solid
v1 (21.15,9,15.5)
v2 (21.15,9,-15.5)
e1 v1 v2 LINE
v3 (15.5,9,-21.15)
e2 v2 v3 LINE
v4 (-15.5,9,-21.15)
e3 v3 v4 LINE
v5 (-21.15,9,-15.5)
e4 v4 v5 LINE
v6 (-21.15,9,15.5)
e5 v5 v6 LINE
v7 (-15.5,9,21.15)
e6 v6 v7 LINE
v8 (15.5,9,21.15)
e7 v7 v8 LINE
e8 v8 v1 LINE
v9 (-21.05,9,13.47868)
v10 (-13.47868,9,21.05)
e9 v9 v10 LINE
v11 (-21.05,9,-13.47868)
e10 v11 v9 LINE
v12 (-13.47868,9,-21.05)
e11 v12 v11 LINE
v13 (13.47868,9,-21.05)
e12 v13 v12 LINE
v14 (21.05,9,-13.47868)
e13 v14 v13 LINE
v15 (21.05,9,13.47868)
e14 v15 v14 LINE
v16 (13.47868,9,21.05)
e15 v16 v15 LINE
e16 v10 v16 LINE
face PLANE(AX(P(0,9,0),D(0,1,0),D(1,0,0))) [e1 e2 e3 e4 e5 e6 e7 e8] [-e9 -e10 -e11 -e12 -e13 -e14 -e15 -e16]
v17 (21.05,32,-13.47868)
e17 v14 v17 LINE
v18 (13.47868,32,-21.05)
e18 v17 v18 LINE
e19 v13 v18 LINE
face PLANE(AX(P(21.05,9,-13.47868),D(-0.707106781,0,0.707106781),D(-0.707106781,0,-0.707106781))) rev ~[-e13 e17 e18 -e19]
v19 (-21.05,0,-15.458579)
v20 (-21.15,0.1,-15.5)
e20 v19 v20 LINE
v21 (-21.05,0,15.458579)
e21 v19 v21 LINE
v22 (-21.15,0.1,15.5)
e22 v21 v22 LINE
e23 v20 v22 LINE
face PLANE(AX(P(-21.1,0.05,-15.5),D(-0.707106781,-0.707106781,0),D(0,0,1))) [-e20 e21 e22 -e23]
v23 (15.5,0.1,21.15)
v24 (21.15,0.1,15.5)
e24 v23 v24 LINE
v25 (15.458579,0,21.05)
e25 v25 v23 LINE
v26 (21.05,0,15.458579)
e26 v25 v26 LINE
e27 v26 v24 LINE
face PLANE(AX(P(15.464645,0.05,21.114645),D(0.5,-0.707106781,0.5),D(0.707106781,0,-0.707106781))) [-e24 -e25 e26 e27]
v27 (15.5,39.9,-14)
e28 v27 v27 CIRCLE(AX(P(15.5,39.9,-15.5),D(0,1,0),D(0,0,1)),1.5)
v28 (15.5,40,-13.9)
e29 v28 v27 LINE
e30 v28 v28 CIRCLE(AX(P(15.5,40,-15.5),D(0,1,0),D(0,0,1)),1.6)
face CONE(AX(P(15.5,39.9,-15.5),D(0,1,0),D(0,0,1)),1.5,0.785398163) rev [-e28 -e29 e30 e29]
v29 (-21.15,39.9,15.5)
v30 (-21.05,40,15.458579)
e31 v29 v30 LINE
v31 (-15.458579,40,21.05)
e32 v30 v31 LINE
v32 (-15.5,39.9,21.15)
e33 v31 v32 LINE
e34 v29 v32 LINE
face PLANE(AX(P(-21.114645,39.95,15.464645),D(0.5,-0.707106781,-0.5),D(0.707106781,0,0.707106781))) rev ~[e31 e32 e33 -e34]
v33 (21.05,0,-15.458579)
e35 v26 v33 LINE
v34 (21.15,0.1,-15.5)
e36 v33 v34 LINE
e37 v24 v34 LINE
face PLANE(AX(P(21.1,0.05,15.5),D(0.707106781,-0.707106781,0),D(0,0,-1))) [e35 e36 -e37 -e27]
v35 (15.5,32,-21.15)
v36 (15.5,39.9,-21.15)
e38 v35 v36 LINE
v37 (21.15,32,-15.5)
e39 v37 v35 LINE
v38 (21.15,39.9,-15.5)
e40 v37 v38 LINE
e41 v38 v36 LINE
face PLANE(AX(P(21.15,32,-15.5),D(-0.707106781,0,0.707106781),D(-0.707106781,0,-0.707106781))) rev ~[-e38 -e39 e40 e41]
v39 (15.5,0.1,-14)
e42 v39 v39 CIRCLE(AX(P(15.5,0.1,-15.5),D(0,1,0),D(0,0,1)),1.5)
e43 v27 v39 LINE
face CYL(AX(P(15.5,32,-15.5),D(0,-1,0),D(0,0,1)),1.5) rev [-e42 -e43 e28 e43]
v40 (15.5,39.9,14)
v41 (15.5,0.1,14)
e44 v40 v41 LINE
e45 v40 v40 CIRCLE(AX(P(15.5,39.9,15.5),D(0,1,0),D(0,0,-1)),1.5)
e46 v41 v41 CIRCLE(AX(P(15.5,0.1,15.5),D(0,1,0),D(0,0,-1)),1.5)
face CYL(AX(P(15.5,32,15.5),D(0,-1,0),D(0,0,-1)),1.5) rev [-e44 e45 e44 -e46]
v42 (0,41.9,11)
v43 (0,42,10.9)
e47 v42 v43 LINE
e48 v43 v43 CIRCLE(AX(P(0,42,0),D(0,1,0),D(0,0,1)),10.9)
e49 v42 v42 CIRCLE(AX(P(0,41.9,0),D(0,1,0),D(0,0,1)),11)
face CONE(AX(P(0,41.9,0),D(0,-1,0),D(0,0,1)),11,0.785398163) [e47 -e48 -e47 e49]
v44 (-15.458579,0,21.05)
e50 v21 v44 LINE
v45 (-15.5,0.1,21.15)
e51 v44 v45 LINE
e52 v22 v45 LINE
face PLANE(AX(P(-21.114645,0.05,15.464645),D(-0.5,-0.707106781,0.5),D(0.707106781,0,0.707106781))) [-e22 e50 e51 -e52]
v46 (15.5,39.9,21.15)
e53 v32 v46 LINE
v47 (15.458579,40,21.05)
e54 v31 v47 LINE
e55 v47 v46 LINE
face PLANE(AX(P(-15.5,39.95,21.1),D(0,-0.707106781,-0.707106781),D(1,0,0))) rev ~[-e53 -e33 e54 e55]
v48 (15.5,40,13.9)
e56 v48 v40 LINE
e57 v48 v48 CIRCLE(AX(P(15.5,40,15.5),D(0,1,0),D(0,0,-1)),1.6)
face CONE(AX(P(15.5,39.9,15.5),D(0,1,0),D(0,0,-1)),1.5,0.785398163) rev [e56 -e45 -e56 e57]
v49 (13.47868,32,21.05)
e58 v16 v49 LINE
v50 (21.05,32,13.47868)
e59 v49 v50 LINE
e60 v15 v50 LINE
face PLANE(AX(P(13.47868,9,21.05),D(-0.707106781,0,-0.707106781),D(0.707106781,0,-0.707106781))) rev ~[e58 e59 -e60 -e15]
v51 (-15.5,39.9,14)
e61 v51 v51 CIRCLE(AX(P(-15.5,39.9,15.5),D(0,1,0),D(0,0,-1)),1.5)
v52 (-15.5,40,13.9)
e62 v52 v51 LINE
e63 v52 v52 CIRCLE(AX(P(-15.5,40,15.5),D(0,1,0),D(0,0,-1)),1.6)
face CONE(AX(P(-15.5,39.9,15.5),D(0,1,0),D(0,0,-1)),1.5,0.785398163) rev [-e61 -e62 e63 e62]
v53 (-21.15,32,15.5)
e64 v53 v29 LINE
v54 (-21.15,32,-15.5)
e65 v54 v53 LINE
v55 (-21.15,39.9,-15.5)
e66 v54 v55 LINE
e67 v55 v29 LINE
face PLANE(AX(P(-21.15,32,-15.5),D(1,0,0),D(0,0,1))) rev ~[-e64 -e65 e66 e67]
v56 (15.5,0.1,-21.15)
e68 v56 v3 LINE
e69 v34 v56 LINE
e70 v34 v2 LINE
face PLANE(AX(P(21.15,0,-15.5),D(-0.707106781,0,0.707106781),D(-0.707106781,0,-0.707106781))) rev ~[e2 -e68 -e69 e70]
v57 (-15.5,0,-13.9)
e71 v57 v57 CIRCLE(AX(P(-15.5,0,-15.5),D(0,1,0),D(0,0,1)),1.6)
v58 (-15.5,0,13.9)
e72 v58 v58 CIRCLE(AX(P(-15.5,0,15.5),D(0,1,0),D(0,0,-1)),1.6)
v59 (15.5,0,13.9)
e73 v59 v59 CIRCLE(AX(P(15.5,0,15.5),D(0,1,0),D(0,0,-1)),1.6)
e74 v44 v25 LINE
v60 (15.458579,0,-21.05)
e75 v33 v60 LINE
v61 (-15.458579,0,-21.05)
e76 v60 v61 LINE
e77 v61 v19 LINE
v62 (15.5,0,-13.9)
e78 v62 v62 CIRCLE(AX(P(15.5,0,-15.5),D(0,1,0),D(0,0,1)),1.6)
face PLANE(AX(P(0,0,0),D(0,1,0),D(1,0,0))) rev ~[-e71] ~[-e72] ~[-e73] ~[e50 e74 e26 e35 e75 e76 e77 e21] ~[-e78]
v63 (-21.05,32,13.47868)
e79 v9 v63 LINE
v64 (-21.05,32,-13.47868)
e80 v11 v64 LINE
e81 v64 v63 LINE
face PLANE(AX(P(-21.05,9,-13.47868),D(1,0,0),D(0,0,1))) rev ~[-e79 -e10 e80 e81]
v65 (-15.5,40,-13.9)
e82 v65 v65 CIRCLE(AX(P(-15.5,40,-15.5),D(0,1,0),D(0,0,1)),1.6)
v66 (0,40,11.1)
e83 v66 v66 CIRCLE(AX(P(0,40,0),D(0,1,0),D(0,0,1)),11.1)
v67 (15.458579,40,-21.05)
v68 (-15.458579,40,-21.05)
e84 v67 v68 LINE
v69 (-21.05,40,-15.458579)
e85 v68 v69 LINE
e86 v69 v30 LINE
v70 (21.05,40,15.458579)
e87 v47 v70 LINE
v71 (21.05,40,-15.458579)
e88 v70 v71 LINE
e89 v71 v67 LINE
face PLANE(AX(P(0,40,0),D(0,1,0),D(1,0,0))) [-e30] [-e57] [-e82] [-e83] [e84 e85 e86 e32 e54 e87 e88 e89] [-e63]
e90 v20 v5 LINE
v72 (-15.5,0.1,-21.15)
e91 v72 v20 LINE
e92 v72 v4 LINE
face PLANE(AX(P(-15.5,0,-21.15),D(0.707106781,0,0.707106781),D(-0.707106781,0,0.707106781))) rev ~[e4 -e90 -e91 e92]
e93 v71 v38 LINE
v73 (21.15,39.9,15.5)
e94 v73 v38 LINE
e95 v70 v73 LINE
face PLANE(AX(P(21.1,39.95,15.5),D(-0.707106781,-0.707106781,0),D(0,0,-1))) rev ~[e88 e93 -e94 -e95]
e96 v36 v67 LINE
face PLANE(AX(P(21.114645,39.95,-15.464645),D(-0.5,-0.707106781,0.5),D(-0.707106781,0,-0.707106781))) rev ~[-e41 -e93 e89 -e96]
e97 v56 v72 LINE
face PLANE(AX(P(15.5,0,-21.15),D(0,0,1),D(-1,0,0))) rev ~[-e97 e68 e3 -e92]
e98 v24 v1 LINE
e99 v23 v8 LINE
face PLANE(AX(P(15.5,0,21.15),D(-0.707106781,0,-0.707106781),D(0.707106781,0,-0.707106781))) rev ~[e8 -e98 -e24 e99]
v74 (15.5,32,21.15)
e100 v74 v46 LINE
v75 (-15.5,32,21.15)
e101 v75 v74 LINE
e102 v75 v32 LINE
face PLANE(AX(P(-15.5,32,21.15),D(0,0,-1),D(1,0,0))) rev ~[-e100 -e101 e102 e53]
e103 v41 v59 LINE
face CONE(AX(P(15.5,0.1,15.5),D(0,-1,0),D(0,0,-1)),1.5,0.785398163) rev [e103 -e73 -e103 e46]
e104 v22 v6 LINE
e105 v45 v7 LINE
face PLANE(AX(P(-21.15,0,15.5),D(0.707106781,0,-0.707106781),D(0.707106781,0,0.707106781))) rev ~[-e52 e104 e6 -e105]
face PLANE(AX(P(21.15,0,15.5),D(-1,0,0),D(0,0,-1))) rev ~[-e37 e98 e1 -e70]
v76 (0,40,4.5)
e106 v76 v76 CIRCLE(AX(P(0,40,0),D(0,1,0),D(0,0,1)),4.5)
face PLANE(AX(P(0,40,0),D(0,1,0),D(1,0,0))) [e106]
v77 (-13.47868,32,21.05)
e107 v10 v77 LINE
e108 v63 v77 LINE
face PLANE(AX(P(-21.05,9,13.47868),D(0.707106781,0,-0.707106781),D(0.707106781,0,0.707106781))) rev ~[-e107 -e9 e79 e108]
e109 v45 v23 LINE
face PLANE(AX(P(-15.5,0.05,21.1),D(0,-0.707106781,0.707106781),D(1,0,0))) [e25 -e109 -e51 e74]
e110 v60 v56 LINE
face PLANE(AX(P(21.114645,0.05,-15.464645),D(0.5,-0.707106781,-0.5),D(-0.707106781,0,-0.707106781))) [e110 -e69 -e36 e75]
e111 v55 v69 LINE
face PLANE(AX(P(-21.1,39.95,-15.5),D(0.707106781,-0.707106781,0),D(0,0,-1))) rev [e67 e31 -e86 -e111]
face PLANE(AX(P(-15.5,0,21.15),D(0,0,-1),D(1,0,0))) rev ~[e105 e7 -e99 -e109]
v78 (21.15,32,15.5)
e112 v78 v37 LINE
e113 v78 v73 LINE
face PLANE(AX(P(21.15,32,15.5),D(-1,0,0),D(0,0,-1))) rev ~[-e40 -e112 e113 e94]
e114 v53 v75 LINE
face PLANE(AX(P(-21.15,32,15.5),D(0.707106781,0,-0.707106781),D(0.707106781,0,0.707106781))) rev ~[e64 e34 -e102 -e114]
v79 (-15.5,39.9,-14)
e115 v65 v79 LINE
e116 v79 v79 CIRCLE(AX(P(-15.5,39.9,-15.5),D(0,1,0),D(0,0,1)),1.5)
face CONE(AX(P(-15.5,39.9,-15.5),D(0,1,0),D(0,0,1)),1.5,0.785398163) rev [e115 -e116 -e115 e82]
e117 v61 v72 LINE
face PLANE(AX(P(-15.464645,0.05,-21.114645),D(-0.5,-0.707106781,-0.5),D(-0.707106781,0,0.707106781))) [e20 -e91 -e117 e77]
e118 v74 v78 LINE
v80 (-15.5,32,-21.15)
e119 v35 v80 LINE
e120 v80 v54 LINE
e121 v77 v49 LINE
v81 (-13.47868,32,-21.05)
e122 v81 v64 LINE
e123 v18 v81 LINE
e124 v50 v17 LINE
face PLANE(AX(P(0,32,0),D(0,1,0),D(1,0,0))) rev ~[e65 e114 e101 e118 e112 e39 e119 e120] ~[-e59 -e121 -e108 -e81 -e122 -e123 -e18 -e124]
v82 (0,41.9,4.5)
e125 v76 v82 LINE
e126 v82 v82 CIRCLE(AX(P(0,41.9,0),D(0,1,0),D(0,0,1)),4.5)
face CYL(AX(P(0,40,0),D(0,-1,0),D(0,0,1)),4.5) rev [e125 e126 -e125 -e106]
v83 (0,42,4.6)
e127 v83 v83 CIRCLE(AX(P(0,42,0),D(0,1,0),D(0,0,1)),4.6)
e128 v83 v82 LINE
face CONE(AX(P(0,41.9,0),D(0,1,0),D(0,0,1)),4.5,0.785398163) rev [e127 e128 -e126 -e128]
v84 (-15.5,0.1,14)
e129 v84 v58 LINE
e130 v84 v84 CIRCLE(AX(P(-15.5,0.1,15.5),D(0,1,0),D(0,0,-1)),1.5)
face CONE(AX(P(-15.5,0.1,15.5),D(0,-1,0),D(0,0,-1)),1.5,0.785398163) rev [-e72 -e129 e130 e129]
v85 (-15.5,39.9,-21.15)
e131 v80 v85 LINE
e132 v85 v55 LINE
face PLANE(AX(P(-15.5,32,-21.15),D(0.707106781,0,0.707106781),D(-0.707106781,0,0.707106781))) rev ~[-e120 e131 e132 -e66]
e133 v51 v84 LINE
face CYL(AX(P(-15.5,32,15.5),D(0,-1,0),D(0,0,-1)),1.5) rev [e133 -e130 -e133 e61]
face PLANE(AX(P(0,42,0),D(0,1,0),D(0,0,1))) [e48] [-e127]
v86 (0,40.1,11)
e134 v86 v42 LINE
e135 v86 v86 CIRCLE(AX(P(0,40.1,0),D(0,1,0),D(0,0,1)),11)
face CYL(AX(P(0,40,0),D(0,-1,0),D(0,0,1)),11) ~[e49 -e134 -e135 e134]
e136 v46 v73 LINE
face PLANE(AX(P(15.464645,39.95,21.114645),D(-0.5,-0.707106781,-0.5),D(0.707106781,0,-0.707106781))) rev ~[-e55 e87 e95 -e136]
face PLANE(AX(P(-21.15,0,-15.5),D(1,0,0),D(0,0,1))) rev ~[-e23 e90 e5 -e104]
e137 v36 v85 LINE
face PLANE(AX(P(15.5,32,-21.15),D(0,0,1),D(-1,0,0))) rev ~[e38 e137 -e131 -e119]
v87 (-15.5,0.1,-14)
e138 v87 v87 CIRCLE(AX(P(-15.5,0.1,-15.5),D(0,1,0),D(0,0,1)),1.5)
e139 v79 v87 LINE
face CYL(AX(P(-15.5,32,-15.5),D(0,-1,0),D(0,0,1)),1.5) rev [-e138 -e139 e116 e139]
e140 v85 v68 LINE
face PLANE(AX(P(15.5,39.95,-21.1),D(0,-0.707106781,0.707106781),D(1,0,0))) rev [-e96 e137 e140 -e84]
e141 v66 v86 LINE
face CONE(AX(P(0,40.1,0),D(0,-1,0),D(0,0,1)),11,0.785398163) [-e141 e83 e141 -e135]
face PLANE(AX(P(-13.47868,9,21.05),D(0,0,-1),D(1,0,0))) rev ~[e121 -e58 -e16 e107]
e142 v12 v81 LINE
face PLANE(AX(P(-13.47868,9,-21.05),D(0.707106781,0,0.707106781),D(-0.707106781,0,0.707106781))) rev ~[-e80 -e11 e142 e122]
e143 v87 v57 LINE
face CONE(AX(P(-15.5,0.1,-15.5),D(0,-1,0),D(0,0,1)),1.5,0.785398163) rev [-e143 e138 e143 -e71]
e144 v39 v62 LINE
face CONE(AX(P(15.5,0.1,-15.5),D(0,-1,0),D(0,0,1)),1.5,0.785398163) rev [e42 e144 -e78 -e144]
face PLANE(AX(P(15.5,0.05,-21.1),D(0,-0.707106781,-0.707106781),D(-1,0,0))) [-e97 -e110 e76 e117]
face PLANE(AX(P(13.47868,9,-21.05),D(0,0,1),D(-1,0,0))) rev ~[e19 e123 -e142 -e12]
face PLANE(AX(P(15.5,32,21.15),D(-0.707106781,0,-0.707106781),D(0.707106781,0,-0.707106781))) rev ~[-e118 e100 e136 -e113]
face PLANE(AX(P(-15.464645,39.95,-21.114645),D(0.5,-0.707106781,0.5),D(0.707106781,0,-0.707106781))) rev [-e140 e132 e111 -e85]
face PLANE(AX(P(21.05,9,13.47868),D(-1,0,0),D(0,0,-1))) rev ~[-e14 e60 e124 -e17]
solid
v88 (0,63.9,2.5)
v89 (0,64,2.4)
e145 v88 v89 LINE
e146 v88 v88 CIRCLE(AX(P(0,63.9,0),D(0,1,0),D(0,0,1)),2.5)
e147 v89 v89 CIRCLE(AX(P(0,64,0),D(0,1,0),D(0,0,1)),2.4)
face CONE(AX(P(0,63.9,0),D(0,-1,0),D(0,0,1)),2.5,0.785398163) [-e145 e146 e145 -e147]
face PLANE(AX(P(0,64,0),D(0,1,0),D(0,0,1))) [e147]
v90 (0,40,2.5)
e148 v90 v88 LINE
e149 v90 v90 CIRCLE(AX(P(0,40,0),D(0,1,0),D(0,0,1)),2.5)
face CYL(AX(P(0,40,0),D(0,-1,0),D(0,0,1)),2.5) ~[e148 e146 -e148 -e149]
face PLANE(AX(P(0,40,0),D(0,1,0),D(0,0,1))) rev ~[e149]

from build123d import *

# Parameters (mm, degrees)
SKETCH1_R           = 1.5
BOSS_EXTRUDE1_DEPTH = 9
SKETCH4_R           = 1.5
BOSS_EXTRUDE4_DEPTH = 23
SKETCH5_R           = 1.5
BOSS_EXTRUDE6_DEPTH = 8
SKETCH2_R           = 11
SKETCH2_R_2         = 4.5
BOSS_EXTRUDE2_DEPTH = 2
SKETCH3_R           = 2.5
BOSS_EXTRUDE3_DEPTH = 24
CHAMFER1_SIZE       = 0.1
CHAMFER2_SIZE       = 0.1


with BuildPart() as part:
    # Sketch1 → Boss-Extrude1 (new body)
    with BuildSketch(Plane(origin=(0, 0, 0), x_dir=(1, 0, 0), z_dir=(0, 1, 0))):
        Polygon((-15.5, -21.15), (15.5, -21.15), (21.15, -15.5), (21.15, 15.5), (15.5, 21.15), (-15.5, 21.15), (-21.15, 15.5), (-21.15, -15.5), align=None)
        with Locations(Location((-15.5, 15.5, 0), (0, 0, 270))):
            Circle(SKETCH1_R, mode=Mode.SUBTRACT)
        with Locations(Location((15.5, -15.5, 0), (0, 0, 90))):
            Circle(SKETCH1_R, mode=Mode.SUBTRACT)
        with Locations(Location((15.5, 15.5, 0), (0, 0, 270))):
            Circle(SKETCH1_R, mode=Mode.SUBTRACT)
        with Locations(Location((-15.5, -15.5, 0), (0, 0, 90))):
            Circle(SKETCH1_R, mode=Mode.SUBTRACT)
    extrude(amount=BOSS_EXTRUDE1_DEPTH)

    # Sketch4 → Boss-Extrude4 (add)
    with BuildSketch(Plane(origin=(0, 9, 0), x_dir=(1, 0, 0), z_dir=(0, 1, 0))):
        Polygon((13.478679656, 21.05), (-13.478679656, 21.05), (-21.05, 13.478679656), (-21.05, -13.478679656), (-13.478679656, -21.05), (13.478679656, -21.05), (21.05, -13.478679656), (21.05, 13.478679656), align=None)
        with Locations(Location((-15.5, 15.5, 0), (0, 0, 270))):
            Circle(SKETCH4_R, mode=Mode.SUBTRACT)
        with Locations(Location((15.5, 15.5, 0), (0, 0, 270))):
            Circle(SKETCH4_R, mode=Mode.SUBTRACT)
        with Locations(Location((15.5, -15.5, 0), (0, 0, 90))):
            Circle(SKETCH4_R, mode=Mode.SUBTRACT)
        with Locations(Location((-15.5, -15.5, 0), (0, 0, 90))):
            Circle(SKETCH4_R, mode=Mode.SUBTRACT)
    extrude(amount=BOSS_EXTRUDE4_DEPTH)

    # Sketch5 → Boss-Extrude6 (add)
    with BuildSketch(Plane(origin=(0, 32, 0), x_dir=(1, 0, 0), z_dir=(0, 1, 0))):
        Polygon((-15.5, 21.15), (-21.15, 15.5), (-21.15, -15.5), (-15.5, -21.15), (15.5, -21.15), (21.15, -15.5), (21.15, 15.5), (15.5, 21.15), align=None)
        with Locations(Location((15.5, 15.5, 0), (0, 0, 270))):
            Circle(SKETCH5_R, mode=Mode.SUBTRACT)
        with Locations(Location((-15.5, 15.5, 0), (0, 0, 270))):
            Circle(SKETCH5_R, mode=Mode.SUBTRACT)
        with Locations(Location((-15.5, -15.5, 0), (0, 0, 90))):
            Circle(SKETCH5_R, mode=Mode.SUBTRACT)
        with Locations(Location((15.5, -15.5, 0), (0, 0, 90))):
            Circle(SKETCH5_R, mode=Mode.SUBTRACT)
    extrude(amount=BOSS_EXTRUDE6_DEPTH)

    # Sketch2 → Boss-Extrude2 (add)
    with BuildSketch(Plane(origin=(0, 40, 0), x_dir=(1, 0, 0), z_dir=(0, 1, 0))):
        with Locations(Location((0, 0, 0), (0, 0, 270))):
            Circle(SKETCH2_R)
        with Locations(Location((0, 0, 0), (0, 0, 270))):
            Circle(SKETCH2_R_2, mode=Mode.SUBTRACT)
    extrude(amount=BOSS_EXTRUDE2_DEPTH)

    # Chamfer1
    chamfer1_edges = [part.edges().sort_by_distance(p)[0] for p in [
        (-21.15, 0, 0),
        (-18.325, 0, -18.325),
        (0, 42, -11),
        (0, 40, -11),
        (0, 42, -4.5),
        (-15.5, 0, -17),
        (15.5, 0, 17),
        (15.5, 0, -17),
        (-15.5, 0, 17),
        (0, 40, -21.15),
        (-18.325, 40, -18.325),
        (-21.15, 40, 0),
        (-18.325, 40, 18.325),
        (0, 40, 21.15),
        (18.325, 40, 18.325),
        (21.15, 40, 0),
        (18.325, 40, -18.325),
        (0, 0, -21.15),
        (15.5, 40, -17),
        (18.325, 0, -18.325),
        (-15.5, 40, -17),
        (-15.5, 40, 17),
        (15.5, 40, 17),
        (21.15, 0, 0),
        (18.325, 0, 18.325),
        (0, 0, 21.15),
        (-18.325, 0, 18.325),
    ]]
    chamfer(chamfer1_edges, length=CHAMFER1_SIZE)


with BuildPart() as body_2:
    # Sketch3 → Boss-Extrude3 (new body)
    with BuildSketch(Plane(origin=(0, 40, 0), x_dir=(1, 0, 0), z_dir=(0, 1, 0))):
        with Locations(Location((0, 0, 0), (0, 0, 270))):
            Circle(SKETCH3_R)
    extrude(amount=BOSS_EXTRUDE3_DEPTH)

    # Chamfer2
    chamfer2_edges = [body_2.edges().sort_by_distance(p)[0] for p in [
        (0, 64, -2.5),
    ]]
    chamfer(chamfer2_edges, length=CHAMFER2_SIZE)


solid = Compound([part.part, body_2.part])
